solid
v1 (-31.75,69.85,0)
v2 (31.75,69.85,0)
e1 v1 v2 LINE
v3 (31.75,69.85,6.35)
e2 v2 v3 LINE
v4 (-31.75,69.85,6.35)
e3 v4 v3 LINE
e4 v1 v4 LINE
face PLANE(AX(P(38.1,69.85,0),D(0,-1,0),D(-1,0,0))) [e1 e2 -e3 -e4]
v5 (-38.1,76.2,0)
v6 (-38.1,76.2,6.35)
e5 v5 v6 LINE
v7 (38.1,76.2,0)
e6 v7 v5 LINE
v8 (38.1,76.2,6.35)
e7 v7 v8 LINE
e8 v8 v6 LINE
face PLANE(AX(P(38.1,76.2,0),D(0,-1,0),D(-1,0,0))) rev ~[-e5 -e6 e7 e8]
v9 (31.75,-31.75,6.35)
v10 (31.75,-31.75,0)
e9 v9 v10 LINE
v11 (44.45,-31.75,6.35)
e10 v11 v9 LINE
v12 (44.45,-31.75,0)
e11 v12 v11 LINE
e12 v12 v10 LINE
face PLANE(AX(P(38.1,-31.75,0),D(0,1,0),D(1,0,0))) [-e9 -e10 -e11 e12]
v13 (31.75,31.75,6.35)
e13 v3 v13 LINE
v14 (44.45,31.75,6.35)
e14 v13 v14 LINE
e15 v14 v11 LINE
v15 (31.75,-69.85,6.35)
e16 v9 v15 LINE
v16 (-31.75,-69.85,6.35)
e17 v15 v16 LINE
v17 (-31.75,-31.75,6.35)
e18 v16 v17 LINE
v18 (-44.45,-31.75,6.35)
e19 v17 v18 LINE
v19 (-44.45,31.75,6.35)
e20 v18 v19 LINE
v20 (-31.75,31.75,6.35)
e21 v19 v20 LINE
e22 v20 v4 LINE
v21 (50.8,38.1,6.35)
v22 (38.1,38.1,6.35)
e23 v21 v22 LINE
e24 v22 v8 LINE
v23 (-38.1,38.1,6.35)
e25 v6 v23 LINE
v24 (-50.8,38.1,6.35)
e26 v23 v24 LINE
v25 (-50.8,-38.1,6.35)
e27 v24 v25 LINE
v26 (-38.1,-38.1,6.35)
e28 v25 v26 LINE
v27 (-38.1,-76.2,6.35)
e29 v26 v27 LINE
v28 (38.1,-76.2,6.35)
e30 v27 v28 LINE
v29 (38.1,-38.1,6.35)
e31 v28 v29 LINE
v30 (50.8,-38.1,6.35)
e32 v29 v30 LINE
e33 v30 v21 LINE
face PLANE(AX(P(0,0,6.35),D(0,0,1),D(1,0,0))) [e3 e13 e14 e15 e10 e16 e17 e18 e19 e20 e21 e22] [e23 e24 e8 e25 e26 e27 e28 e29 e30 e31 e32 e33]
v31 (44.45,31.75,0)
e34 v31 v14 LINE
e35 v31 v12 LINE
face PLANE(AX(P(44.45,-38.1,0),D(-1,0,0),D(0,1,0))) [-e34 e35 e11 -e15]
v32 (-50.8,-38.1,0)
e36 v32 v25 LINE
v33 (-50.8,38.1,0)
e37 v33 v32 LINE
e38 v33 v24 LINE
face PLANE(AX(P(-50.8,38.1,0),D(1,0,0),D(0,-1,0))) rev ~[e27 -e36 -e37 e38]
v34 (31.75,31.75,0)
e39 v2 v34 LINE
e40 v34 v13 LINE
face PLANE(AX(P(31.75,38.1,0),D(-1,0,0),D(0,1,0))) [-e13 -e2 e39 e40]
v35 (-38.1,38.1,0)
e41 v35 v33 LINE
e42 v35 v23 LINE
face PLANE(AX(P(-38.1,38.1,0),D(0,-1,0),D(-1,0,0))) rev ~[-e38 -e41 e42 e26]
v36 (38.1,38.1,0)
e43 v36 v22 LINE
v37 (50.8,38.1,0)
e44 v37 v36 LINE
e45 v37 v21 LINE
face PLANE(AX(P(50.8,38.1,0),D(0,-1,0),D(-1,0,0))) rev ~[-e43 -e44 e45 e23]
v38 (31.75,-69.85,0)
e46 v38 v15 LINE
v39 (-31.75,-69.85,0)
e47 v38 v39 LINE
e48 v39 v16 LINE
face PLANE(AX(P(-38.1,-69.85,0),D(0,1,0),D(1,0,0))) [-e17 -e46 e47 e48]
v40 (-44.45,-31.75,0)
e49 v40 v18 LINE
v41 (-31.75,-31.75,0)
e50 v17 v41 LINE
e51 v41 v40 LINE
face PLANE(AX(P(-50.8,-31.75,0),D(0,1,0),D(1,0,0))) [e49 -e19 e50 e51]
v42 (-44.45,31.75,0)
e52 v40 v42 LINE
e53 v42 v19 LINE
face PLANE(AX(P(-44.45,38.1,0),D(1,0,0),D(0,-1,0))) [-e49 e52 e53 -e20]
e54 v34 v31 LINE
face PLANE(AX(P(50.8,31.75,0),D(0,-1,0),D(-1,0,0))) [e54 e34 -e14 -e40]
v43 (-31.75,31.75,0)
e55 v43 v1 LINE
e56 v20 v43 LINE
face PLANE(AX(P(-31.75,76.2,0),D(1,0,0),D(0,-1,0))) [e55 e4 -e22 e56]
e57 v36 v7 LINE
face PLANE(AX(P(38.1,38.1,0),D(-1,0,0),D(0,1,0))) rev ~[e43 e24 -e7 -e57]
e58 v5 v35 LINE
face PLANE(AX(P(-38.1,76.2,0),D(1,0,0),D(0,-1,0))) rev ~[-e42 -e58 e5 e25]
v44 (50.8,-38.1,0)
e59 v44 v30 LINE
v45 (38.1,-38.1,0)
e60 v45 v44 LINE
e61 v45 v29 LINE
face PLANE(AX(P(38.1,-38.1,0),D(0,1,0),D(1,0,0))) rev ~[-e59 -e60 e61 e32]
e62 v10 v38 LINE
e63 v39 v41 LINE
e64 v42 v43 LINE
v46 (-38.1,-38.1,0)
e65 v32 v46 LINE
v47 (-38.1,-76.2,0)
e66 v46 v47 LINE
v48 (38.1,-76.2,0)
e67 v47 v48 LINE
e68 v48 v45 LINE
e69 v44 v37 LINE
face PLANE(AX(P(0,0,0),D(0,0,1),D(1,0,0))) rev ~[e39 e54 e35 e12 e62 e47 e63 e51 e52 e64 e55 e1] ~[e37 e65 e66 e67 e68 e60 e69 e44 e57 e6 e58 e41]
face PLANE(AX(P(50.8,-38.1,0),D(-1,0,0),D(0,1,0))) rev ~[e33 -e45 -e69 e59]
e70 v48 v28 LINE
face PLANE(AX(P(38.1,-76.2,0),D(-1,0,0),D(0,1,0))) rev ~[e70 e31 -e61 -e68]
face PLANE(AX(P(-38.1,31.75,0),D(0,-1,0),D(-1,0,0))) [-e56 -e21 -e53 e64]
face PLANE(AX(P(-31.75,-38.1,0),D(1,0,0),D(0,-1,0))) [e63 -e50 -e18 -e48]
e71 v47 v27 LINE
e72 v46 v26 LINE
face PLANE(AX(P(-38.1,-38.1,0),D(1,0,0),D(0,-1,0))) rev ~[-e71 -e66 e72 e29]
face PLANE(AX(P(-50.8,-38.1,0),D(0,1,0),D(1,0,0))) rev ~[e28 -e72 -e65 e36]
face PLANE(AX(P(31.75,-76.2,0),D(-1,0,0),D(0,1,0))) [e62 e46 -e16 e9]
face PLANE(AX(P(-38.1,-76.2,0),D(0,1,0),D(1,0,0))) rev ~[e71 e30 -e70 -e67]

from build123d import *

# Parameters (mm, degrees)
F1_DEPTH = 6.35
F2_T     = -6.35


with BuildPart() as f1:
    # F0 (on Top) → F1 (new body)
    with BuildSketch(Plane.XY):
        Polygon((38.1, 38.1), (38.1, 76.2), (-38.1, 76.2), (-38.1, 38.1), (-50.8, 38.1), (-50.8, -38.1), (-38.1, -38.1), (-38.1, -76.2), (38.1, -76.2), (38.1, -38.1), (50.8, -38.1), (50.8, 38.1), align=None)
    extrude(amount=F1_DEPTH)

    # F2
    f2_openings = [f1.faces().sort_by_distance(p)[0] for p in [
        (0, 0, 6.35),
        (0, 0, 0),
    ]]
    offset(amount=F2_T, openings=f2_openings, kind=Kind.INTERSECTION)


solid = f1.part
